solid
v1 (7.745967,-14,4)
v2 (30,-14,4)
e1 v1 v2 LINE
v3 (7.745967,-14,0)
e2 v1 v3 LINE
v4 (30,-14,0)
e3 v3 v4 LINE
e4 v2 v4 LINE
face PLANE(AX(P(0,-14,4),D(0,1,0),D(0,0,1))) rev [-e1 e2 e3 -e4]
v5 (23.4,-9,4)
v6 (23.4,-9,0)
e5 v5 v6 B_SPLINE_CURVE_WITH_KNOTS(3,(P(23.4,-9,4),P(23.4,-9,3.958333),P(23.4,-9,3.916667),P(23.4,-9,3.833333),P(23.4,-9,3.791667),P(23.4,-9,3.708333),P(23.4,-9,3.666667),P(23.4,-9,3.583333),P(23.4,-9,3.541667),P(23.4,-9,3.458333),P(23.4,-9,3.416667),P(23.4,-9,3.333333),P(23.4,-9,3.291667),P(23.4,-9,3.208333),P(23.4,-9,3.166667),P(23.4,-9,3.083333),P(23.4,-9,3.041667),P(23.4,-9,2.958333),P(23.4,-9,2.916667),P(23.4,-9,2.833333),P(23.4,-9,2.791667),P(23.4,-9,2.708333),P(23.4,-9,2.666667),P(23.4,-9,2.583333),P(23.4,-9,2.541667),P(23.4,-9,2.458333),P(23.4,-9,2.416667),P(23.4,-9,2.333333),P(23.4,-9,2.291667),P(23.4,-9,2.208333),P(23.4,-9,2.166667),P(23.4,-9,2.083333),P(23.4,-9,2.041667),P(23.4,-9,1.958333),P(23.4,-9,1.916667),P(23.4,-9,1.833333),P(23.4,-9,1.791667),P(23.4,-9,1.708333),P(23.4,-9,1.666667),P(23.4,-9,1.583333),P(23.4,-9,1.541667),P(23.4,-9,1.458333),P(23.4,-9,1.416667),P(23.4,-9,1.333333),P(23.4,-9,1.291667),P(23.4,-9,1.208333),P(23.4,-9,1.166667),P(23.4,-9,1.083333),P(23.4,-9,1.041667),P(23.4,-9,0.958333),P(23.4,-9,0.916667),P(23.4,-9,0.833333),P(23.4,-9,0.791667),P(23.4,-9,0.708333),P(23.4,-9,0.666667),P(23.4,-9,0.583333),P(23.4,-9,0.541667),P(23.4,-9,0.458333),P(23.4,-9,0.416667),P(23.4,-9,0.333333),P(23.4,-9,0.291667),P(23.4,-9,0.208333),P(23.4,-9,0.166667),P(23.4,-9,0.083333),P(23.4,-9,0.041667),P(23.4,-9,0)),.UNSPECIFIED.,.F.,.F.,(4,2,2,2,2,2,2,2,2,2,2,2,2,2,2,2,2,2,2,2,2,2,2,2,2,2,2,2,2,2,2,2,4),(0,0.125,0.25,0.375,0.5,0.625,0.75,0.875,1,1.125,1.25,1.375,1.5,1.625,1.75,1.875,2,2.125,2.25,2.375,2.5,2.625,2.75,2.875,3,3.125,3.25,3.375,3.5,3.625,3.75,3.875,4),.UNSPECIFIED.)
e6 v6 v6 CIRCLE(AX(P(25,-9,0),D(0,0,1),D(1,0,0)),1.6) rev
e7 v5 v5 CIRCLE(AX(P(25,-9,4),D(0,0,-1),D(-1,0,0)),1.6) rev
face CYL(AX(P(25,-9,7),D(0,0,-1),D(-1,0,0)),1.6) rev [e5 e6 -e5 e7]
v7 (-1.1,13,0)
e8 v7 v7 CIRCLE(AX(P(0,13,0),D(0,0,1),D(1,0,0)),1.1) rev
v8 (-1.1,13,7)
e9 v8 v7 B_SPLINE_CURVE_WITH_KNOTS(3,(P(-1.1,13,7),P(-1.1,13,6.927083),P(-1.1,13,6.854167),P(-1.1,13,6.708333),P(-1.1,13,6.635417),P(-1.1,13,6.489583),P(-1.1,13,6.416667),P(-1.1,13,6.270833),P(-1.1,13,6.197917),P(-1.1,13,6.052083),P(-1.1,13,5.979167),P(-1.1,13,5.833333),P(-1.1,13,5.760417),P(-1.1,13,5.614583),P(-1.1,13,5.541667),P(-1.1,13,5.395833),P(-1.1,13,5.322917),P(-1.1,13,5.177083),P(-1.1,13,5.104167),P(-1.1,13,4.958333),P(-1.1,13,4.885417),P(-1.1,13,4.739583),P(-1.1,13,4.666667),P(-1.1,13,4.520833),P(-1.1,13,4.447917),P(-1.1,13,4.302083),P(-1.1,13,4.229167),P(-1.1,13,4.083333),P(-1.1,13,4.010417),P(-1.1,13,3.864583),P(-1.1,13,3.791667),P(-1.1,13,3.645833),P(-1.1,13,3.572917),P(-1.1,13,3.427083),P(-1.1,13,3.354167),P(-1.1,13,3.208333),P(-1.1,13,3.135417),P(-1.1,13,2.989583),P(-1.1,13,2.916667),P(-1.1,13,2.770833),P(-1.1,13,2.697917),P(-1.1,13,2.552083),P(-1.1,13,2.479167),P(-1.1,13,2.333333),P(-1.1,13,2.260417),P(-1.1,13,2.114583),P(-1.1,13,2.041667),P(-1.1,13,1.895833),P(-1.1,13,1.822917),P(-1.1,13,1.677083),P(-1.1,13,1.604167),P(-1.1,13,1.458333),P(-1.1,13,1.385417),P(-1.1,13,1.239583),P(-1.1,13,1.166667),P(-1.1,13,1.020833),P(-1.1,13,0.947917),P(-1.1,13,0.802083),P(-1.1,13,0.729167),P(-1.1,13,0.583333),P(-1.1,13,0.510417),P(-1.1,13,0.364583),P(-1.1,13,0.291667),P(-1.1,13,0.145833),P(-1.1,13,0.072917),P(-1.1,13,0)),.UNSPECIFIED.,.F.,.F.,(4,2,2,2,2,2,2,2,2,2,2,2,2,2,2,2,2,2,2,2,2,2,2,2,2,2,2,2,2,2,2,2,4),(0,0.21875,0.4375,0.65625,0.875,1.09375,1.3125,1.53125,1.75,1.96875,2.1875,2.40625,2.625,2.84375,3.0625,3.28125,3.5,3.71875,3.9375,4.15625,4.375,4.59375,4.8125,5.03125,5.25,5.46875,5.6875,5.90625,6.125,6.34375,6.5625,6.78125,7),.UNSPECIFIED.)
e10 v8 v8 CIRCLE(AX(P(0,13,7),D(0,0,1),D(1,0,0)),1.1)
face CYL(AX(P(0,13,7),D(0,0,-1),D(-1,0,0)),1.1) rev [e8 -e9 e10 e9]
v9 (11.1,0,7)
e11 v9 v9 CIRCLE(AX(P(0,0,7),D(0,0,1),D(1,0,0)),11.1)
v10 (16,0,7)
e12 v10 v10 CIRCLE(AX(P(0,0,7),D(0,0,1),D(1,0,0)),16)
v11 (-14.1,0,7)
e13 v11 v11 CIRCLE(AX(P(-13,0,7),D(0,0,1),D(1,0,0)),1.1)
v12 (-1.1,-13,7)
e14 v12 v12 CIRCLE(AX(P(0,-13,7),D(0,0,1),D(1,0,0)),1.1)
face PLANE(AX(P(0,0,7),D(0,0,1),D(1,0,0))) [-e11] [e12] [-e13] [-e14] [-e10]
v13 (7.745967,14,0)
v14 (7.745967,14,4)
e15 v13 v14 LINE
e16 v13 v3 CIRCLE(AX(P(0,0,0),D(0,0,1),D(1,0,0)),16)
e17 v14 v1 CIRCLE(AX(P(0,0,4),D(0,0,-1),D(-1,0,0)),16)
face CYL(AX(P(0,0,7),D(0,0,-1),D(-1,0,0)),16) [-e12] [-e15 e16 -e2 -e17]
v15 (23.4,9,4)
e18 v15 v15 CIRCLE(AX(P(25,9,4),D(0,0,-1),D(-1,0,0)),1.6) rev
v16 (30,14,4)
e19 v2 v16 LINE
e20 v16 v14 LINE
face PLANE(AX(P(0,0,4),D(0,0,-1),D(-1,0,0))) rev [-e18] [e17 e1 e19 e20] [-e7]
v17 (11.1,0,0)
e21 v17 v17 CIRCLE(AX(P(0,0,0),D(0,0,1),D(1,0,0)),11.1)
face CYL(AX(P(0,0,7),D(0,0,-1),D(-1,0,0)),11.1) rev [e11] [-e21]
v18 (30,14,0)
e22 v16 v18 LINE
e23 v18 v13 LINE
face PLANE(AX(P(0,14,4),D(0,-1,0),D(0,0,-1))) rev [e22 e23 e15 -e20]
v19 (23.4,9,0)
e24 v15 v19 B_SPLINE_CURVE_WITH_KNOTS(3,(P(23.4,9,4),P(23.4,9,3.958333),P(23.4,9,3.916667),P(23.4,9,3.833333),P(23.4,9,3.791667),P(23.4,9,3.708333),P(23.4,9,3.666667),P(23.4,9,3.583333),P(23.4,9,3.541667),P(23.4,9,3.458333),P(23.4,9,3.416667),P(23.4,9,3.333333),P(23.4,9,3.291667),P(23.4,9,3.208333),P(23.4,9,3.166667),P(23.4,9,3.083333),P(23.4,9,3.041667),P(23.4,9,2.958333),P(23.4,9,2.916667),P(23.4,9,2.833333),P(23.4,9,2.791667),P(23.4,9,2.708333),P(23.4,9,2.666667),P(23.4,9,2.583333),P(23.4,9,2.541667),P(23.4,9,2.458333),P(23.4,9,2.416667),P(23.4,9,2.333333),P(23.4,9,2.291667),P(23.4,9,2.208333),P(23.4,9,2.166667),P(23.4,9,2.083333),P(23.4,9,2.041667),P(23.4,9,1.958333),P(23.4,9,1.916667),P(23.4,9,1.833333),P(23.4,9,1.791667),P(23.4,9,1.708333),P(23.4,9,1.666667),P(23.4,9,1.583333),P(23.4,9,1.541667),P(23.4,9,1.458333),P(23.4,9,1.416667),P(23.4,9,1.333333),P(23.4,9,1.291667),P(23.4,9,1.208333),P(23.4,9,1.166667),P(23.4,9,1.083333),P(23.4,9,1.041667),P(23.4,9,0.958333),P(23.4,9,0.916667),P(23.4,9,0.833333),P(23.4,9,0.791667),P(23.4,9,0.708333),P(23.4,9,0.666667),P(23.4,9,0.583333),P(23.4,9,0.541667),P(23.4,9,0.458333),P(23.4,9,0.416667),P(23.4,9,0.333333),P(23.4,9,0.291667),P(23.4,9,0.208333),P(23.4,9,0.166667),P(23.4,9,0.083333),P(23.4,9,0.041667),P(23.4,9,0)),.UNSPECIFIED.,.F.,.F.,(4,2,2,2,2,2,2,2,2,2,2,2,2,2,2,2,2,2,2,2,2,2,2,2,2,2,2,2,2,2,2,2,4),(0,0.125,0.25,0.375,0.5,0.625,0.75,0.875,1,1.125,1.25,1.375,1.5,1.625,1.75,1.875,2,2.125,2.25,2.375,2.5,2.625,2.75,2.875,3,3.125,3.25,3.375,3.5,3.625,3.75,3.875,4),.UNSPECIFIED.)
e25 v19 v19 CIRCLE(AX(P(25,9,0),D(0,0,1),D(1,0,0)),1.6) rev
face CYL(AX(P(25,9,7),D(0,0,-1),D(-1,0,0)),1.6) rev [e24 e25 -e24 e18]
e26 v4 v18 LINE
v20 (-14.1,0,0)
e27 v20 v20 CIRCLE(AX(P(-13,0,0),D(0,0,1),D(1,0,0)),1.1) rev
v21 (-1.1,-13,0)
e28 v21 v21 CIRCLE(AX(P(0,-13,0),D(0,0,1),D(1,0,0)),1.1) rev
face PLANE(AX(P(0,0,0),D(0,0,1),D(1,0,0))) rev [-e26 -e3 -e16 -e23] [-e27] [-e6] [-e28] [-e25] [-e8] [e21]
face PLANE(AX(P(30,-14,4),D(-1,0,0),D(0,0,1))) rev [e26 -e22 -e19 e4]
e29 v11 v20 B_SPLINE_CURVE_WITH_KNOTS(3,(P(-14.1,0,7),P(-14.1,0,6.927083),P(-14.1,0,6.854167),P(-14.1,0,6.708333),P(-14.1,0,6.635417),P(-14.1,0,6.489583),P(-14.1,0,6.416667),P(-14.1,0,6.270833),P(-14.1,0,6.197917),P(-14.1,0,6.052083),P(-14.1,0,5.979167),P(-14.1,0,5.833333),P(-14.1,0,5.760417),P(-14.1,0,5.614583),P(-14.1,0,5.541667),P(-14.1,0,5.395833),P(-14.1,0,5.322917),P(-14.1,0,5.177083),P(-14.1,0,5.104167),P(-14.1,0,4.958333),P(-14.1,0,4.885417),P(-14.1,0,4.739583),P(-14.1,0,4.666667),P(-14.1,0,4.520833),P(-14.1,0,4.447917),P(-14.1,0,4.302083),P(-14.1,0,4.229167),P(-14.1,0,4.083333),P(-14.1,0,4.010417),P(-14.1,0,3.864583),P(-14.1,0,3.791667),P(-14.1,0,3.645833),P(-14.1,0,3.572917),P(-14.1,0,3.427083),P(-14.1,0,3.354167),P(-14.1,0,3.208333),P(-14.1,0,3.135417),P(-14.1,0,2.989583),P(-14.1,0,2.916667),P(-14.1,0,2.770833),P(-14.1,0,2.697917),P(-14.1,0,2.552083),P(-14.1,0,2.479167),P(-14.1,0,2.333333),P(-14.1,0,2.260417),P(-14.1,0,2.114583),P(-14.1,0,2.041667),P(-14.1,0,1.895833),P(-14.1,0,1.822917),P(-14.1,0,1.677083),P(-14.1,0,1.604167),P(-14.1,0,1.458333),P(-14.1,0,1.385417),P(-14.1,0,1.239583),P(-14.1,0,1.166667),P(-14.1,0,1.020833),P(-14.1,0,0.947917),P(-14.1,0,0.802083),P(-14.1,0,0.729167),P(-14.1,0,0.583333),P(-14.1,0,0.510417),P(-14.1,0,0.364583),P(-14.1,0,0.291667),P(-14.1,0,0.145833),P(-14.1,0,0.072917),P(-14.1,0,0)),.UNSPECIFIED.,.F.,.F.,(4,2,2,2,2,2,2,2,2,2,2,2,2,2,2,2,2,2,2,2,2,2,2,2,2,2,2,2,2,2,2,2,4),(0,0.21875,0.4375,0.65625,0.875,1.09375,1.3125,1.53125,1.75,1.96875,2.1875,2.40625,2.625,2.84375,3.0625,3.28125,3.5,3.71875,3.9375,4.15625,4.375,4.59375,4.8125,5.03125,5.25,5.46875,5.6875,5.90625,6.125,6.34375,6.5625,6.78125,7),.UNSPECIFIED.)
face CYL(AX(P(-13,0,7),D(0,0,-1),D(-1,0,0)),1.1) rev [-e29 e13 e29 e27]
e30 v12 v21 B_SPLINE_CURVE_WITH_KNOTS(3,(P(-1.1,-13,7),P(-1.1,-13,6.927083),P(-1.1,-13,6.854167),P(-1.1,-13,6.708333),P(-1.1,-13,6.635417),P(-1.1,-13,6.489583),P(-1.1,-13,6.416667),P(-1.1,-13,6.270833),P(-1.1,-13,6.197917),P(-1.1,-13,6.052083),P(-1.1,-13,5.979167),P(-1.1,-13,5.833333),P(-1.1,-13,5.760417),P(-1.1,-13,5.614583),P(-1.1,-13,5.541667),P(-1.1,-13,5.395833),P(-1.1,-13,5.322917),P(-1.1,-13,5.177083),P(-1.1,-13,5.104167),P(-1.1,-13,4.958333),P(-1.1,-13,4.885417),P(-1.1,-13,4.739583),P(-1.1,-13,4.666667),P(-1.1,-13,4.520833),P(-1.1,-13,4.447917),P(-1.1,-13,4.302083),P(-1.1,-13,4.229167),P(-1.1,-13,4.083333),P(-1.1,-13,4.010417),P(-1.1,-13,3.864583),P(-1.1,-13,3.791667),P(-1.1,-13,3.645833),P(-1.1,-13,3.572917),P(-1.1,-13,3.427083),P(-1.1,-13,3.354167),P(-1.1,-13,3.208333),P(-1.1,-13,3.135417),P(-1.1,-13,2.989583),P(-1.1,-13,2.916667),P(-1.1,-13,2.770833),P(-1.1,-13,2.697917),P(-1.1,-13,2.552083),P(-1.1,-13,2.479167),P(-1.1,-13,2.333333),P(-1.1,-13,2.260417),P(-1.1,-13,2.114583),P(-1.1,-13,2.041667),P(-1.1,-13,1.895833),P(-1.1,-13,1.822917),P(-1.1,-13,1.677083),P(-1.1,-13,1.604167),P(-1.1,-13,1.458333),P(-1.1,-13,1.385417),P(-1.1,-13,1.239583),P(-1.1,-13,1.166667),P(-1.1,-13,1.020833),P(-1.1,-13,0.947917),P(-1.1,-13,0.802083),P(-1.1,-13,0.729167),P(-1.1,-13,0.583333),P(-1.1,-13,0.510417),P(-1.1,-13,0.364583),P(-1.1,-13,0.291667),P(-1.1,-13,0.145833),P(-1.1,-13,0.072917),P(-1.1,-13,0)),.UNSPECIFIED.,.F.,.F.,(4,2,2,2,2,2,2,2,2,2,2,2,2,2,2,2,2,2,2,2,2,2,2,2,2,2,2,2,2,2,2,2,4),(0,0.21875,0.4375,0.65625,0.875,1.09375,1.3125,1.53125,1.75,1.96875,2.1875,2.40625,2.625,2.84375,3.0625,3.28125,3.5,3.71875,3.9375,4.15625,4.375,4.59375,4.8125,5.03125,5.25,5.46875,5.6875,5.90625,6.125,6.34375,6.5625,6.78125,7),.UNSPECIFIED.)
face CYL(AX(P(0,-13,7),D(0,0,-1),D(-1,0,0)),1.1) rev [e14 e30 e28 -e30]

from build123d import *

# Parameters (mm, degrees)
BEARING_HOUSING_PROFILE_R          = 16
BEARING_HOUSING_PROFILE_R_2        = 11.1
BEARING_HOUSING_DEPTH              = 7
MOUNTING_WEB_PROFILE_W             = 30
MOUNTING_WEB_PROFILE_H             = 28
MOUNTING_WEB_DEPTH                 = 4
BEARING_SEAT_START                 = -50
BEARING_SEAT_PROFILE_R             = 11.1
BEARING_SEAT_DEPTH                 = 85.713109915
STANDOFF_FASTENERS_START           = -50
STANDOFF_FASTENERS_PROFILE_R       = 1.6
STANDOFF_FASTENERS_DEPTH           = 85.713109915
BEARING_KEEPER_FASTENERS_START     = -50
BEARING_KEEPER_FASTENERS_PROFILE_R = 1.1
BEARING_KEEPER_FASTENERS_DEPTH     = 85.713109915


with BuildPart() as part:
    # Bearing_housing_profile → Bearing_housing (new body)
    with BuildSketch(Plane.XY):
        Circle(BEARING_HOUSING_PROFILE_R)
        Circle(BEARING_HOUSING_PROFILE_R_2, mode=Mode.SUBTRACT)
    extrude(amount=BEARING_HOUSING_DEPTH)

    # Mounting_web_profile → Mounting_web (add)
    with BuildSketch(Plane.XY):
        with Locations((15, 0)):
            Rectangle(MOUNTING_WEB_PROFILE_W, MOUNTING_WEB_PROFILE_H)
    extrude(amount=MOUNTING_WEB_DEPTH)

    # Bearing_seat_profile → Bearing_seat (cut, through all)
    with BuildSketch(Plane.XY.offset(BEARING_SEAT_START)):
        Circle(BEARING_SEAT_PROFILE_R)
    extrude(amount=BEARING_SEAT_DEPTH, mode=Mode.SUBTRACT)

    # Standoff_fasteners_profile → Standoff_fasteners (cut, through all)
    with BuildSketch(Plane.XY.offset(STANDOFF_FASTENERS_START)):
        with Locations(Location((25, -9, 0), (0, 0, 180))):
            Circle(STANDOFF_FASTENERS_PROFILE_R)
        with Locations(Location((25, 9, 0), (0, 0, 180))):
            Circle(STANDOFF_FASTENERS_PROFILE_R)
    extrude(amount=STANDOFF_FASTENERS_DEPTH, mode=Mode.SUBTRACT)

    # Bearing_keeper_fasteners_profile → Bearing_keeper_fasteners (cut, through all)
    with BuildSketch(Plane.XY.offset(BEARING_KEEPER_FASTENERS_START)):
        with Locations(Location((-13, 0, 0), (0, 0, 180))):
            Circle(BEARING_KEEPER_FASTENERS_PROFILE_R)
        with Locations(Location((0, -13, 0), (0, 0, 180))):
            Circle(BEARING_KEEPER_FASTENERS_PROFILE_R)
        with Locations(Location((0, 13, 0), (0, 0, 180))):
            Circle(BEARING_KEEPER_FASTENERS_PROFILE_R)
    extrude(amount=BEARING_KEEPER_FASTENERS_DEPTH, mode=Mode.SUBTRACT)


solid = part.part
